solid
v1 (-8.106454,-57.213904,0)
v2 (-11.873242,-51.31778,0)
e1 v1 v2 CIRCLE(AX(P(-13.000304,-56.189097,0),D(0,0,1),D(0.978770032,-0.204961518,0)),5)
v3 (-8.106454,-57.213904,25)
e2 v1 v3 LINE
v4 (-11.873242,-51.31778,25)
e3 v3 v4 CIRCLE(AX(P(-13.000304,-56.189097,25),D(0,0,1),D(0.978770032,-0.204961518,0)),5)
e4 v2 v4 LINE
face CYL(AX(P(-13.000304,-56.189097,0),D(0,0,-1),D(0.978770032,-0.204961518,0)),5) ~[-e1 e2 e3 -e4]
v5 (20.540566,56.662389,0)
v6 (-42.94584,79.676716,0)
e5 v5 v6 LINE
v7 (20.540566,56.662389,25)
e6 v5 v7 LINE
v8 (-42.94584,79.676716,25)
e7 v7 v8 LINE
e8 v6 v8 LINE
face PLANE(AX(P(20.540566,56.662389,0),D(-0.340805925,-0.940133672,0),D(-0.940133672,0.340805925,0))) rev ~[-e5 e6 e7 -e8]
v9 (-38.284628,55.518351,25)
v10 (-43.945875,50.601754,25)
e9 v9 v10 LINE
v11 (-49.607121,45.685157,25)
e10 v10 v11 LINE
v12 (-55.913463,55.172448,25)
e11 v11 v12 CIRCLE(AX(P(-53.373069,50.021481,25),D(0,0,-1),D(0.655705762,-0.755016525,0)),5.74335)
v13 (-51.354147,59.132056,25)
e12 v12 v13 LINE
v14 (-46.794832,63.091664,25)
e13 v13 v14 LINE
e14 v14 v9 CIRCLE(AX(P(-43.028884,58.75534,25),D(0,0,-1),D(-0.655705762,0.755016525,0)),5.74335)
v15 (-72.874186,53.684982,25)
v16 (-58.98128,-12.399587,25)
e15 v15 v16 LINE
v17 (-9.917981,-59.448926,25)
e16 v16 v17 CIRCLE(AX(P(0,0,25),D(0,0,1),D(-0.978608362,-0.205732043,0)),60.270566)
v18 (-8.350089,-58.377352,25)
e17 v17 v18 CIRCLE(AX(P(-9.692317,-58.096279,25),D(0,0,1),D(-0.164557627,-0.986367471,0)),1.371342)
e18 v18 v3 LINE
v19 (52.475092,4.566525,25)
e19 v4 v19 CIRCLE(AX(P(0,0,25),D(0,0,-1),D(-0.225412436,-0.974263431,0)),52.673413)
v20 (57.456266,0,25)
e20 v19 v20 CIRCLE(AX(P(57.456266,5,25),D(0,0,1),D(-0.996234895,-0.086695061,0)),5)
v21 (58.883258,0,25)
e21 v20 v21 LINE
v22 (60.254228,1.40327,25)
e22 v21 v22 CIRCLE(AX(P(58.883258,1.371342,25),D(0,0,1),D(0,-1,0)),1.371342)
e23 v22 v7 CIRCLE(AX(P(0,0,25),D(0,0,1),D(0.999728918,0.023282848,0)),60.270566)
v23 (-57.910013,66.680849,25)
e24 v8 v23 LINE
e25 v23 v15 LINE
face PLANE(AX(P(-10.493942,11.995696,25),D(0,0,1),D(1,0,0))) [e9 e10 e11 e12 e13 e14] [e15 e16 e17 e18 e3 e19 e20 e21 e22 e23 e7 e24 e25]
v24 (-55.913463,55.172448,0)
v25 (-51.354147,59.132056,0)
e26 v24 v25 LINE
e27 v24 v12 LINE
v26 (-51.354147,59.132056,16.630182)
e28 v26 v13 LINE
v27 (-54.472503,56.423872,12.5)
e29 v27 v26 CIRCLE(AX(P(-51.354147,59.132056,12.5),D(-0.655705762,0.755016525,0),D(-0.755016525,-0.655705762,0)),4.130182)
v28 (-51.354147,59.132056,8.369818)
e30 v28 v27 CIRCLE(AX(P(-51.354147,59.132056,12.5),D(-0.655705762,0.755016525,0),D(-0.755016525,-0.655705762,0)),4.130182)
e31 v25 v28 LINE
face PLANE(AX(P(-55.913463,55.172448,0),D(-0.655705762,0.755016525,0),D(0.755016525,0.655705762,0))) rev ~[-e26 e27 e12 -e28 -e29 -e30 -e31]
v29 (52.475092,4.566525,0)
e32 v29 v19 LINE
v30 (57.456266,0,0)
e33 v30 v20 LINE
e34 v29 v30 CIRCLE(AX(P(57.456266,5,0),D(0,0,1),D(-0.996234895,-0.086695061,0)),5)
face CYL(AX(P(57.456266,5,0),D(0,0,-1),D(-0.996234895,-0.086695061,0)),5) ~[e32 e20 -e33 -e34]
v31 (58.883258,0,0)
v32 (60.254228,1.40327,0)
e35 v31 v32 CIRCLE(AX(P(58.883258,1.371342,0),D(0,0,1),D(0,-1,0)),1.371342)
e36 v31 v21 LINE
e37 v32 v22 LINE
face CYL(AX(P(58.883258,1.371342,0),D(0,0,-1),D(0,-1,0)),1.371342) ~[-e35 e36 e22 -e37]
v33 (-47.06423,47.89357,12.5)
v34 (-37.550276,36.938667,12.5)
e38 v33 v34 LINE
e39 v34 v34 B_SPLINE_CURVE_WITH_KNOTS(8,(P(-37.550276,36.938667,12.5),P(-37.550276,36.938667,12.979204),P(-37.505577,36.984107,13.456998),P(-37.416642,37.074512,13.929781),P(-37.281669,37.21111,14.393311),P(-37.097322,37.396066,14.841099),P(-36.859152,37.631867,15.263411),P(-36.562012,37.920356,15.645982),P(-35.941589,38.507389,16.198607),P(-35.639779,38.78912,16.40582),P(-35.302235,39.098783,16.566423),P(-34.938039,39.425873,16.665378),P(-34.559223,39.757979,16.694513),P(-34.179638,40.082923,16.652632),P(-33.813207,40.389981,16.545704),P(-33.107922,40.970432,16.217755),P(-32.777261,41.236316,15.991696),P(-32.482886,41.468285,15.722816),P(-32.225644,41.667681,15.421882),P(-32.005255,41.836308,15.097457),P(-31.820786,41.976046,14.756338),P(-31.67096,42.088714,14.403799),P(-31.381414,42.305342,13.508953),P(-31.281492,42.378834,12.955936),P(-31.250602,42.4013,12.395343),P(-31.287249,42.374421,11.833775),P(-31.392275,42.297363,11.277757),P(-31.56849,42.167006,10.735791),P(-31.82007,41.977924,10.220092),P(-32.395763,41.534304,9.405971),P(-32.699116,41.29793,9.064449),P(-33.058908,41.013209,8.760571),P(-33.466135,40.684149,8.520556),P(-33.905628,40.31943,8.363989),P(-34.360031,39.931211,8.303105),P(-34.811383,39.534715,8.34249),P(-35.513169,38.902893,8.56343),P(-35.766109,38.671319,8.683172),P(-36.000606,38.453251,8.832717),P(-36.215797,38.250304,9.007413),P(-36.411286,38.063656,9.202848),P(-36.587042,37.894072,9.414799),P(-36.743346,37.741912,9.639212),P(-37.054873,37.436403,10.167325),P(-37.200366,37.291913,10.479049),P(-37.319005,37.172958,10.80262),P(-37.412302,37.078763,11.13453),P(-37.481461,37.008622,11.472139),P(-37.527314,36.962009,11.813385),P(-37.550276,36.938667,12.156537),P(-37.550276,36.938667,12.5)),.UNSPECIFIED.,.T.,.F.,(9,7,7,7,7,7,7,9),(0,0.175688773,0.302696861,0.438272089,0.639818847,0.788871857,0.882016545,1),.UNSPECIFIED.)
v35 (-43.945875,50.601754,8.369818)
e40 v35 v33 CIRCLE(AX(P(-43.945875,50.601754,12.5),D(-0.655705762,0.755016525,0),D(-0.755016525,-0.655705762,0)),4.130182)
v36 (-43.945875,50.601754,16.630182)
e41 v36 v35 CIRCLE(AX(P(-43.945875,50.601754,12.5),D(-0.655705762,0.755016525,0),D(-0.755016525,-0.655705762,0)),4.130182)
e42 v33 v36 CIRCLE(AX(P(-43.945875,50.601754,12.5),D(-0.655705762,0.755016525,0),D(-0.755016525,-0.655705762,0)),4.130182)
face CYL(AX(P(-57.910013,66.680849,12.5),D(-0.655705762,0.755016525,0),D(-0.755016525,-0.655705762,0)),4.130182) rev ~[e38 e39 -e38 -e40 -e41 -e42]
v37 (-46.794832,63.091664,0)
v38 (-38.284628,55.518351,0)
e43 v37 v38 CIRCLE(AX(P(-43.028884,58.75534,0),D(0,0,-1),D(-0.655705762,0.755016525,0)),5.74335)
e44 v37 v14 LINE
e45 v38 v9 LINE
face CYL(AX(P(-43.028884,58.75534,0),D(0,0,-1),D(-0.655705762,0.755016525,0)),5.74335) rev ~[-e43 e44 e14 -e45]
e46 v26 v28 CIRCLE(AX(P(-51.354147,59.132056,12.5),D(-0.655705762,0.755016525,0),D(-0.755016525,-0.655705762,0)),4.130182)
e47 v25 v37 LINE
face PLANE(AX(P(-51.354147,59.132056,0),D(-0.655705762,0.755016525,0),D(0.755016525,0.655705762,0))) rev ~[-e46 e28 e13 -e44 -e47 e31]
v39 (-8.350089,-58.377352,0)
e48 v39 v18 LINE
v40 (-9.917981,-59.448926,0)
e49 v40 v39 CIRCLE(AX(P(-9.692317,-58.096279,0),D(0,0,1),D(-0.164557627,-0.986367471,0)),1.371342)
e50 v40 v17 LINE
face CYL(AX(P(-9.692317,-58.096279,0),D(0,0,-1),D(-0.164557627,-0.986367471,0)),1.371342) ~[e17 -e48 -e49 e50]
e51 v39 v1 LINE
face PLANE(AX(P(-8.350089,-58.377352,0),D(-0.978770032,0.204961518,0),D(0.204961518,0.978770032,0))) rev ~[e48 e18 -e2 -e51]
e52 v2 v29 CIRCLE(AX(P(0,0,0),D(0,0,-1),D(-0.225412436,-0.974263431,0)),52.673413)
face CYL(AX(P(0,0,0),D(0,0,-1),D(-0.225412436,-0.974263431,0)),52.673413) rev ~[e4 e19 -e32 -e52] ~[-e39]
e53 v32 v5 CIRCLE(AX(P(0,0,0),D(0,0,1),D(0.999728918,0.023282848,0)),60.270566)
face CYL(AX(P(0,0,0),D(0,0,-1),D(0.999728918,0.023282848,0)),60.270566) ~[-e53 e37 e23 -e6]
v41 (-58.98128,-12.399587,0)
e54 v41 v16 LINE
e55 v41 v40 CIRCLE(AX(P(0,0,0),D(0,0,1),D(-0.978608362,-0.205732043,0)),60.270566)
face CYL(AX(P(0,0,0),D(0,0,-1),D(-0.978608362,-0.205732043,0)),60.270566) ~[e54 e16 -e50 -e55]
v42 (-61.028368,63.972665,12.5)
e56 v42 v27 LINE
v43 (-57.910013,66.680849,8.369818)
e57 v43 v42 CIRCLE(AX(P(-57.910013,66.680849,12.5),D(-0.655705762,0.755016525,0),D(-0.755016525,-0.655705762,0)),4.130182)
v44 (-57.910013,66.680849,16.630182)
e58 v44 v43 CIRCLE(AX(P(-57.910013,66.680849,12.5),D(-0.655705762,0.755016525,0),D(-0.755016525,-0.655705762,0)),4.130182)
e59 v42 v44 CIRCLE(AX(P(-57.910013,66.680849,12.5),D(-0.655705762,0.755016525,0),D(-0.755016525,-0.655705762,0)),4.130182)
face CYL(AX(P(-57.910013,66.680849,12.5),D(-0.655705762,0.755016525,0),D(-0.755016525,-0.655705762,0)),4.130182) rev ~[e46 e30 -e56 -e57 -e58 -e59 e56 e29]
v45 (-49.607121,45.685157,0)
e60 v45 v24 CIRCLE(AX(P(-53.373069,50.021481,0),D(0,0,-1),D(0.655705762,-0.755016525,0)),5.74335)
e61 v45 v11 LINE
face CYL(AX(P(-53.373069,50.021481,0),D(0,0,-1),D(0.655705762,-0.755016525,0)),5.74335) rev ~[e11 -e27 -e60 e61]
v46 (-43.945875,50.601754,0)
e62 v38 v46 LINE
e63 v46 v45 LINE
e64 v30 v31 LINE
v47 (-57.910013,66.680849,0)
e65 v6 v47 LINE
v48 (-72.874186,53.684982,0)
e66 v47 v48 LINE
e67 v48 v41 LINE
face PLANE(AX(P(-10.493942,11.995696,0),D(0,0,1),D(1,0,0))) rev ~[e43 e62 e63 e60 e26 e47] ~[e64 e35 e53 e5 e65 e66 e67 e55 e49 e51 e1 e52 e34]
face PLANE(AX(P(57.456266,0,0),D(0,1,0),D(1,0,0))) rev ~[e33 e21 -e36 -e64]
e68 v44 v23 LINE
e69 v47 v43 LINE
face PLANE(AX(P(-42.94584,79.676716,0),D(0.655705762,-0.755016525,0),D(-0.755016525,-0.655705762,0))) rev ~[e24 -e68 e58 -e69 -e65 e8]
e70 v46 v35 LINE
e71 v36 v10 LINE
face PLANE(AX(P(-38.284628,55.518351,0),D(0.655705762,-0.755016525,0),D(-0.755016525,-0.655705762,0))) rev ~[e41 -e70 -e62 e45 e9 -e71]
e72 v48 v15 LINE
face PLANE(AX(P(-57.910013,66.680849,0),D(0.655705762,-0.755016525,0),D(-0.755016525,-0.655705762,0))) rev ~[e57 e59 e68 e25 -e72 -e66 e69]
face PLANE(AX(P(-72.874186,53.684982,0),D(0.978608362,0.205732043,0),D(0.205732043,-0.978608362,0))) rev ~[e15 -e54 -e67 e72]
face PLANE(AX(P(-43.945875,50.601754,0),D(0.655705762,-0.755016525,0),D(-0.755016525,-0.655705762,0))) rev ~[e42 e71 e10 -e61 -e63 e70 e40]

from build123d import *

# Parameters (mm, degrees)
F1_DEPTH = 25
F2_R     = 4.1301818337
F3_DEPTH = 100


with BuildPart() as f1:
    # F0 (on Top) → F1 (new body)
    with BuildSketch(Plane.XY):
        with BuildLine():
            ThreePointArc((-11.8732422152, -51.317779651), (-34.5382601184, 39.7692969136), (52.4750916265, 4.5665246966))
            ThreePointArc((52.4750916265, 4.5665246966), (54.0774628024, 1.3143944516), (57.4562661026, 0))
            Line((57.4562661026, 0), (58.8832582744, 0))
            ThreePointArc((58.8832582744, 0), (59.8641668401, 0.4130116778), (60.2542282129, 1.4032704246))
            ThreePointArc((60.2542282129, 1.4032704246), (48.9422337618, 35.1738388554), (20.5405661504, 56.662389004))
            ThreePointArc((20.5405661504, 56.662389004), (-0.9722097104, 60.2627247451), (-22.357653118, 55.9703183167))
            ThreePointArc((-22.357653118, 55.9703183167), (-39.5197577392, 45.5052736905), (-52.2859987864, 29.978584295))
            ThreePointArc((-52.2859987864, 29.978584295), (-59.5321694387, 9.4054232943), (-58.9812803638, -12.3995867702))
            ThreePointArc((-58.9812803638, -12.3995867702), (-41.7155504969, -43.5011957555), (-9.9179813794, -59.4489262374))
            ThreePointArc((-9.9179813794, -59.4489262374), (-8.9185295501, -59.2284594054), (-8.3500885012, -58.3773516818))
            Line((-8.3500885012, -58.3773516818), (-8.1064542321, -57.2139043997))
            ThreePointArc((-8.1064542321, -57.2139043997), (-8.786764538, -53.4972420783), (-11.8732422152, -51.317779651))
        make_face()
        with BuildLine():
            ThreePointArc((-22.357653118, 55.9703183167), (-0.9722097104, 60.2627247451), (20.5405661504, 56.662389004))
            Line((20.5405661504, 56.662389004), (-42.9458399328, 79.6767155568))
            Line((-42.9458399328, 79.6767155568), (-22.357653118, 55.9703183167))
        make_face()
        with BuildLine():
            Line((-72.8741856011, 53.6849815351), (-58.9812803638, -12.3995867702))
            ThreePointArc((-58.9812803638, -12.3995867702), (-59.5321694387, 9.4054232943), (-52.2859987864, 29.978584295))
            Line((-52.2859987864, 29.978584295), (-72.8741856011, 53.6849815351))
        make_face()
        with BuildLine():
            ThreePointArc((-52.2859987864, 29.978584295), (-39.5197577392, 45.5052736905), (-22.357653118, 55.9703183167))
            Line((-22.357653118, 55.9703183167), (-42.9458399328, 79.6767155568))
            Line((-42.9458399328, 79.6767155568), (-57.910012767, 66.680848546))
            Line((-57.910012767, 66.680848546), (-72.8741856011, 53.6849815351))
            Line((-72.8741856011, 53.6849815351), (-52.2859987864, 29.978584295))
        make_face()
        with BuildLine():
            Line((-55.9134628832, 55.172447865), (-51.3541472465, 59.1320559457))
            Line((-51.3541472465, 59.1320559457), (-46.7948316098, 63.0916640263))
            ThreePointArc((-46.7948316098, 63.0916640263), (-39.210764144, 63.0457975526), (-38.2846281265, 55.5183507652))
            Line((-38.2846281265, 55.5183507652), (-43.9458746166, 50.6017538162))
            Line((-43.9458746166, 50.6017538162), (-49.6071211066, 45.6851568672))
            ThreePointArc((-49.6071211066, 45.6851568672), (-58.1561290716, 46.8421101497), (-55.9134628832, 55.172447865))
        make_face(mode=Mode.SUBTRACT)
    extrude(amount=F1_DEPTH)

    # F2 (on face) → F3 (cut)
    with BuildSketch(Plane(origin=(-57.910012767, 66.680848546, 0), x_dir=(-0.7550165253, -0.6557057622, 0), z_dir=(-0.6557057622, 0.7550165253, 0))):
        with Locations((0, 12.5)):
            Circle(F2_R)
    extrude(amount=-F3_DEPTH, mode=Mode.SUBTRACT)


solid = f1.part
